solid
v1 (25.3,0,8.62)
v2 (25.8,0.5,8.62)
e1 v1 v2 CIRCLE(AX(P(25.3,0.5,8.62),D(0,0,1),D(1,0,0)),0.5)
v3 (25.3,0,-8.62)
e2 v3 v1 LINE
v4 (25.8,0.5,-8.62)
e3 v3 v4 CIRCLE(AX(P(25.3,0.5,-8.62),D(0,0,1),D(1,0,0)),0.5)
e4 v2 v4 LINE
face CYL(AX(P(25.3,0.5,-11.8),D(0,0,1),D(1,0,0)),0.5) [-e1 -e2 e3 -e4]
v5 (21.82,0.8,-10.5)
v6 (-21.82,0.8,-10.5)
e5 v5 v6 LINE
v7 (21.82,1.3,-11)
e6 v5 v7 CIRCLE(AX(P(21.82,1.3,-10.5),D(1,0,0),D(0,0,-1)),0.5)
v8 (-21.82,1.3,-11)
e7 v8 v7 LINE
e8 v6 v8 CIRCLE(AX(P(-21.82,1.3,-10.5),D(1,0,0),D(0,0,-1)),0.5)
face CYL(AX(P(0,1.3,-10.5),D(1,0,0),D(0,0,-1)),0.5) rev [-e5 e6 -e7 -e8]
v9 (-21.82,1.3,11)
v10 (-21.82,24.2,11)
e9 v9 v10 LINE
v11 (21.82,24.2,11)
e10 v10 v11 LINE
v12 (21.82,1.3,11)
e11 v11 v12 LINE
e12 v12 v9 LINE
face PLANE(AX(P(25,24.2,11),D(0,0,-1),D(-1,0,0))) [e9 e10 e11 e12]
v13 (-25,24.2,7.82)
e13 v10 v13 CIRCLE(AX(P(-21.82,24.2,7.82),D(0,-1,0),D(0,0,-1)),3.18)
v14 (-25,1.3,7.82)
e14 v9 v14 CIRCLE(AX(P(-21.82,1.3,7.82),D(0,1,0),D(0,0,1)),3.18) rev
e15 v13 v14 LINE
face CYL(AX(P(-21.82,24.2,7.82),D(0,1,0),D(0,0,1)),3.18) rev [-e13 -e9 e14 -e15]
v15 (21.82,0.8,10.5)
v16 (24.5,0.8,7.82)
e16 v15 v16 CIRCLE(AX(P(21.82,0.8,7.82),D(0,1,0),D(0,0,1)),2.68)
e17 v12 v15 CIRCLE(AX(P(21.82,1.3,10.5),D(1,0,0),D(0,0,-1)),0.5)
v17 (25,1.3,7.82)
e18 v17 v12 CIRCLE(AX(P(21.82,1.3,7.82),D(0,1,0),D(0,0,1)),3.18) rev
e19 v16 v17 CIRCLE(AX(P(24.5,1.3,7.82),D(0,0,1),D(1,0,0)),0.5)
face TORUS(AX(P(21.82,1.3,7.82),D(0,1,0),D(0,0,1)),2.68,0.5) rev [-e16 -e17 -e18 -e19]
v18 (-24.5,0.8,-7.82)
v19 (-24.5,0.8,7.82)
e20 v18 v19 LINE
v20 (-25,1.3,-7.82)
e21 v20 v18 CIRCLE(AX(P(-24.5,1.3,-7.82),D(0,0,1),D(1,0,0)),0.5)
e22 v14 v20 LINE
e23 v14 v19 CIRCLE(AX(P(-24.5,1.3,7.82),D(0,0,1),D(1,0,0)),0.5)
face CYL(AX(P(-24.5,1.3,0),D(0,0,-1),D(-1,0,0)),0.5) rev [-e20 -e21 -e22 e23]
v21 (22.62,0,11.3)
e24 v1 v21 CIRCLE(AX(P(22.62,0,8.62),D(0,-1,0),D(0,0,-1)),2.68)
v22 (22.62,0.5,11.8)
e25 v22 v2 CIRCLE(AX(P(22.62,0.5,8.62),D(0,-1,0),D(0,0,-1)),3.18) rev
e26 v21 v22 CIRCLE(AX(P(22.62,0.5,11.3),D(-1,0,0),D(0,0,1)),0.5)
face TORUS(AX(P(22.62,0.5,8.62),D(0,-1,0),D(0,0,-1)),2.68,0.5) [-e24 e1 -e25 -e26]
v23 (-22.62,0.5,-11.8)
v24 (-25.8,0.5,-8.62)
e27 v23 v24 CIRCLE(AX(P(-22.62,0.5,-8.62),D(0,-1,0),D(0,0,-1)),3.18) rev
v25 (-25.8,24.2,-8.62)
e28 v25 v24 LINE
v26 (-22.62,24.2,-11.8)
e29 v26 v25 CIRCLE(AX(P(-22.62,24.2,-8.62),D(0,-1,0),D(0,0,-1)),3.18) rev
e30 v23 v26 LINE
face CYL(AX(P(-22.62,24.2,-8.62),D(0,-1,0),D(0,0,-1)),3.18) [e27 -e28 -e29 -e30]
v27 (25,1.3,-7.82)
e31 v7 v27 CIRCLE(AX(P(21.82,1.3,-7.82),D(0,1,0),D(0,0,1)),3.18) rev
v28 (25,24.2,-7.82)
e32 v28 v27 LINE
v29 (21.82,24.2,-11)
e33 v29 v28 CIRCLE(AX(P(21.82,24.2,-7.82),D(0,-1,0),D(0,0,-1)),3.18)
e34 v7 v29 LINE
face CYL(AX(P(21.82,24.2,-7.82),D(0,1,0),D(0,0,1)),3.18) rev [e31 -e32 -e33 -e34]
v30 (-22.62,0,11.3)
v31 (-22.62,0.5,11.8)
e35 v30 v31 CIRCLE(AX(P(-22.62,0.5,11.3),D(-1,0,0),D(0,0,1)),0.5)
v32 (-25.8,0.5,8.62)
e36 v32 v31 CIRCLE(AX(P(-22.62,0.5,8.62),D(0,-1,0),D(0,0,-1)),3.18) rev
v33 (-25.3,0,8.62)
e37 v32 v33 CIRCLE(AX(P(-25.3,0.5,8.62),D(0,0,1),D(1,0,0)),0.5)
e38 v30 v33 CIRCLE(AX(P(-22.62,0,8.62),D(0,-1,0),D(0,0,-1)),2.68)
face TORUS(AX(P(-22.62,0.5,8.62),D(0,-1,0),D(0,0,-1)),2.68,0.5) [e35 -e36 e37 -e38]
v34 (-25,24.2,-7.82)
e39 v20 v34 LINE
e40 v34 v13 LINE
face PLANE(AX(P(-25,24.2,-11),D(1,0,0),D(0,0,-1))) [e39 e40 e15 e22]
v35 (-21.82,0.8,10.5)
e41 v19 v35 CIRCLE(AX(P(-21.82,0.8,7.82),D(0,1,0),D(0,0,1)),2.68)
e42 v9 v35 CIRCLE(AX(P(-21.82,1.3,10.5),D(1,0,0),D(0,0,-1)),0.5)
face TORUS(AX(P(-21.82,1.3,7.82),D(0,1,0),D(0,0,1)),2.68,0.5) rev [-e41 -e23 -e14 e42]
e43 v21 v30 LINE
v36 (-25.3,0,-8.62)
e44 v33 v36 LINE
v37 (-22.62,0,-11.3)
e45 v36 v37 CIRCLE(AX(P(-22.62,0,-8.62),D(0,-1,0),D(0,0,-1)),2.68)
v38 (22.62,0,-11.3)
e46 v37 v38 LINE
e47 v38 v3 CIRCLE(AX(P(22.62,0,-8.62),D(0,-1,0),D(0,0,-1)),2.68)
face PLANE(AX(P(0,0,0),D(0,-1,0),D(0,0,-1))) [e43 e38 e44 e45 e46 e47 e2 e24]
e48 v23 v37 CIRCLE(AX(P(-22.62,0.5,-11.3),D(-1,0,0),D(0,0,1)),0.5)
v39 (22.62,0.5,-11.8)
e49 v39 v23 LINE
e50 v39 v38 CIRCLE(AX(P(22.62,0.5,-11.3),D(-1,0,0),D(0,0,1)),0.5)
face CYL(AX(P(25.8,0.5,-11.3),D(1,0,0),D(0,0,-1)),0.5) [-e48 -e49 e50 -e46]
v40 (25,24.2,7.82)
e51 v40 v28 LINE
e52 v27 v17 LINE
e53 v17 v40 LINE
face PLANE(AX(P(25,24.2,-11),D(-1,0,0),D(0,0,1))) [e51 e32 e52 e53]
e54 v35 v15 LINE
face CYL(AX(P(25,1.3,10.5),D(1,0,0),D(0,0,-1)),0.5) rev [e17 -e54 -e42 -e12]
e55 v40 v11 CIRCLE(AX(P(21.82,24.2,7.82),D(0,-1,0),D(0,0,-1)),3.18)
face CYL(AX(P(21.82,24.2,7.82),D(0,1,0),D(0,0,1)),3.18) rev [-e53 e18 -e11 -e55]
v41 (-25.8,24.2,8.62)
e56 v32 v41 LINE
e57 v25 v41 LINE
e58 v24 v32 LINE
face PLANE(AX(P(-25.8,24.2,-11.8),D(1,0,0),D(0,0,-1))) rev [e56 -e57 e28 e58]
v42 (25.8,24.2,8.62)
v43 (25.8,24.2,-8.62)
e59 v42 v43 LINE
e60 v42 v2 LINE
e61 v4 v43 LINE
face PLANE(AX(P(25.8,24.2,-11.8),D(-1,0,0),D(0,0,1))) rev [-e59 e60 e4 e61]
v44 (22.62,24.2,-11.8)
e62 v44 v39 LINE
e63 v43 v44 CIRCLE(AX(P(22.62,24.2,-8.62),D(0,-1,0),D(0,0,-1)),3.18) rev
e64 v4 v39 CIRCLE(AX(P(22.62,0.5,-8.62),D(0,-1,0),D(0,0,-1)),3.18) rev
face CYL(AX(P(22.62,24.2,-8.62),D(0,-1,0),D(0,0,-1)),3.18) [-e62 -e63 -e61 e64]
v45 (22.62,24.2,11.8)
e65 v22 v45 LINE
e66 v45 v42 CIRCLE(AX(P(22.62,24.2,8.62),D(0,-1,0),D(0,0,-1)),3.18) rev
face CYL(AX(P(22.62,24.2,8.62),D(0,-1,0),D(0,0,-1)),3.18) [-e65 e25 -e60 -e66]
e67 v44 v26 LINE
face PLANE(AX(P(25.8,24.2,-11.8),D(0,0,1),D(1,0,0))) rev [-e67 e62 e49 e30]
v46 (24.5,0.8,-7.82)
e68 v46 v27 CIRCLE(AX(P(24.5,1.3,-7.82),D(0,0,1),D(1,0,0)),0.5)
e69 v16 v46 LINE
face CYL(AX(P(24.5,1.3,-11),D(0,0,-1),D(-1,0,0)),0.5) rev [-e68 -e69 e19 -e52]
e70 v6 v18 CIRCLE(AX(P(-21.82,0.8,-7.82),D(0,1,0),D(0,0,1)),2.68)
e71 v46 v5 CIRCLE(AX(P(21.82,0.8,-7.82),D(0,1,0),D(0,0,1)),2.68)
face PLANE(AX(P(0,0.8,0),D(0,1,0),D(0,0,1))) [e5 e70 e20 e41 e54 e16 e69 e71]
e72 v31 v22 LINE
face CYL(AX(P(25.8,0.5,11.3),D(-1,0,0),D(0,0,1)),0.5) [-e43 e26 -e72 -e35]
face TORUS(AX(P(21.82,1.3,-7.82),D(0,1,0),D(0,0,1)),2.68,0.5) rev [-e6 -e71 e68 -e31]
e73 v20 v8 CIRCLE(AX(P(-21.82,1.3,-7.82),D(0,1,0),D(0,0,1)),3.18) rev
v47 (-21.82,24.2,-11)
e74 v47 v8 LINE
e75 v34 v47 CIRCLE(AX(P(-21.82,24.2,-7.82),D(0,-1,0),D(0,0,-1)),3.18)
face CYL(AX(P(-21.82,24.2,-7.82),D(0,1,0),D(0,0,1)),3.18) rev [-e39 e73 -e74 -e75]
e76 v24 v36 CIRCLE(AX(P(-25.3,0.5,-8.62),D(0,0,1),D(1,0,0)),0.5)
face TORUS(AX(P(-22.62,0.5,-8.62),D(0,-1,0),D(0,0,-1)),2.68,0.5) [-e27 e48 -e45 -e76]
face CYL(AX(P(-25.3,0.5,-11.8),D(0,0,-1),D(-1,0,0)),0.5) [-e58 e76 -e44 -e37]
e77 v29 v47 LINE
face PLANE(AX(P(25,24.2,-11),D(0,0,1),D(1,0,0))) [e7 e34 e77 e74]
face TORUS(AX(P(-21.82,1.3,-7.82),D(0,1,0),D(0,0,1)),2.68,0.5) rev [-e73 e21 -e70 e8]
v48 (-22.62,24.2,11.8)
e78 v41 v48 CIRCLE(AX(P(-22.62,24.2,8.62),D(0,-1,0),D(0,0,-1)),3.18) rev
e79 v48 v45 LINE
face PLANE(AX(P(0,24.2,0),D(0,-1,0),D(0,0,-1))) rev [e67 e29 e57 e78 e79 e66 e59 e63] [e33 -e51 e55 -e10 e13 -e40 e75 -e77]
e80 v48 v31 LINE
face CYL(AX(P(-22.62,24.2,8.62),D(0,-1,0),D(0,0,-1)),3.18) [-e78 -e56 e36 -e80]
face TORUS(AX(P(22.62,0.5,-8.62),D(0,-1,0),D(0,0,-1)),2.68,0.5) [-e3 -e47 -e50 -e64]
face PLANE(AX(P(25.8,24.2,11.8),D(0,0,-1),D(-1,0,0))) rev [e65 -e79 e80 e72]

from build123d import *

# Parameters (mm, degrees)
SKETCH4_W           = 51.6
SKETCH4_H           = 23.6
SKETCH4_W_2         = 50
SKETCH4_H_2         = 22
BOSS_EXTRUDE2_DEPTH = 24.2
SKETCH4_2_W         = 50
SKETCH4_2_H         = 22
BOSS_EXTRUDE3_DEPTH = 0.8
FILLET3_R           = 3.18
FILLET4_R           = 0.5


with BuildPart() as part:
    # Sketch4 → Boss-Extrude2 (new body)
    with BuildSketch(Plane(origin=(0, 0, 0), x_dir=(1, 0, 0), z_dir=(0, 1, 0))):
        Rectangle(SKETCH4_W, SKETCH4_H)
        Rectangle(SKETCH4_W_2, SKETCH4_H_2, mode=Mode.SUBTRACT)
    extrude(amount=BOSS_EXTRUDE2_DEPTH)

    # Sketch4<2> → Boss-Extrude3 (add)
    with BuildSketch(Plane(origin=(0, 0, 0), x_dir=(1, 0, 0), z_dir=(0, 1, 0))):
        Rectangle(SKETCH4_2_W, SKETCH4_2_H)
    extrude(amount=BOSS_EXTRUDE3_DEPTH)

    # Fillet3
    fillet3_edges = [part.edges().sort_by_distance(p)[0] for p in [
        (-25, 12.5, -11),
        (-25, 12.5, 11),
        (25, 12.5, 11),
        (25, 12.5, -11),
        (25.8, 12.1, 11.8),
        (-25.8, 12.1, 11.8),
        (-25.8, 12.1, -11.8),
        (25.8, 12.1, -11.8),
    ]]
    fillet(fillet3_edges, radius=FILLET3_R)

    # Fillet4
    fillet4_edges = [part.edges().sort_by_distance(p)[0] for p in [
        (25.8, 0, 0),
        (0, 0, 11.8),
        (-25.8, 0, 0),
        (0, 0, -11.8),
        (-24.868599564, 0, -10.868599564),
        (-24.868599564, 0, 10.868599564),
        (24.868599564, 0, -10.868599564),
        (24.868599564, 0, 10.868599564),
        (25, 0.8, 0),
        (0, 0.8, -11),
        (-25, 0.8, 0),
        (0, 0.8, 11),
        (24.068599564, 0.8, 10.068599564),
        (-24.068599564, 0.8, -10.068599564),
        (-24.068599564, 0.8, 10.068599564),
        (24.068599564, 0.8, -10.068599564),
    ]]
    fillet(fillet4_edges, radius=FILLET4_R)


solid = part.part
